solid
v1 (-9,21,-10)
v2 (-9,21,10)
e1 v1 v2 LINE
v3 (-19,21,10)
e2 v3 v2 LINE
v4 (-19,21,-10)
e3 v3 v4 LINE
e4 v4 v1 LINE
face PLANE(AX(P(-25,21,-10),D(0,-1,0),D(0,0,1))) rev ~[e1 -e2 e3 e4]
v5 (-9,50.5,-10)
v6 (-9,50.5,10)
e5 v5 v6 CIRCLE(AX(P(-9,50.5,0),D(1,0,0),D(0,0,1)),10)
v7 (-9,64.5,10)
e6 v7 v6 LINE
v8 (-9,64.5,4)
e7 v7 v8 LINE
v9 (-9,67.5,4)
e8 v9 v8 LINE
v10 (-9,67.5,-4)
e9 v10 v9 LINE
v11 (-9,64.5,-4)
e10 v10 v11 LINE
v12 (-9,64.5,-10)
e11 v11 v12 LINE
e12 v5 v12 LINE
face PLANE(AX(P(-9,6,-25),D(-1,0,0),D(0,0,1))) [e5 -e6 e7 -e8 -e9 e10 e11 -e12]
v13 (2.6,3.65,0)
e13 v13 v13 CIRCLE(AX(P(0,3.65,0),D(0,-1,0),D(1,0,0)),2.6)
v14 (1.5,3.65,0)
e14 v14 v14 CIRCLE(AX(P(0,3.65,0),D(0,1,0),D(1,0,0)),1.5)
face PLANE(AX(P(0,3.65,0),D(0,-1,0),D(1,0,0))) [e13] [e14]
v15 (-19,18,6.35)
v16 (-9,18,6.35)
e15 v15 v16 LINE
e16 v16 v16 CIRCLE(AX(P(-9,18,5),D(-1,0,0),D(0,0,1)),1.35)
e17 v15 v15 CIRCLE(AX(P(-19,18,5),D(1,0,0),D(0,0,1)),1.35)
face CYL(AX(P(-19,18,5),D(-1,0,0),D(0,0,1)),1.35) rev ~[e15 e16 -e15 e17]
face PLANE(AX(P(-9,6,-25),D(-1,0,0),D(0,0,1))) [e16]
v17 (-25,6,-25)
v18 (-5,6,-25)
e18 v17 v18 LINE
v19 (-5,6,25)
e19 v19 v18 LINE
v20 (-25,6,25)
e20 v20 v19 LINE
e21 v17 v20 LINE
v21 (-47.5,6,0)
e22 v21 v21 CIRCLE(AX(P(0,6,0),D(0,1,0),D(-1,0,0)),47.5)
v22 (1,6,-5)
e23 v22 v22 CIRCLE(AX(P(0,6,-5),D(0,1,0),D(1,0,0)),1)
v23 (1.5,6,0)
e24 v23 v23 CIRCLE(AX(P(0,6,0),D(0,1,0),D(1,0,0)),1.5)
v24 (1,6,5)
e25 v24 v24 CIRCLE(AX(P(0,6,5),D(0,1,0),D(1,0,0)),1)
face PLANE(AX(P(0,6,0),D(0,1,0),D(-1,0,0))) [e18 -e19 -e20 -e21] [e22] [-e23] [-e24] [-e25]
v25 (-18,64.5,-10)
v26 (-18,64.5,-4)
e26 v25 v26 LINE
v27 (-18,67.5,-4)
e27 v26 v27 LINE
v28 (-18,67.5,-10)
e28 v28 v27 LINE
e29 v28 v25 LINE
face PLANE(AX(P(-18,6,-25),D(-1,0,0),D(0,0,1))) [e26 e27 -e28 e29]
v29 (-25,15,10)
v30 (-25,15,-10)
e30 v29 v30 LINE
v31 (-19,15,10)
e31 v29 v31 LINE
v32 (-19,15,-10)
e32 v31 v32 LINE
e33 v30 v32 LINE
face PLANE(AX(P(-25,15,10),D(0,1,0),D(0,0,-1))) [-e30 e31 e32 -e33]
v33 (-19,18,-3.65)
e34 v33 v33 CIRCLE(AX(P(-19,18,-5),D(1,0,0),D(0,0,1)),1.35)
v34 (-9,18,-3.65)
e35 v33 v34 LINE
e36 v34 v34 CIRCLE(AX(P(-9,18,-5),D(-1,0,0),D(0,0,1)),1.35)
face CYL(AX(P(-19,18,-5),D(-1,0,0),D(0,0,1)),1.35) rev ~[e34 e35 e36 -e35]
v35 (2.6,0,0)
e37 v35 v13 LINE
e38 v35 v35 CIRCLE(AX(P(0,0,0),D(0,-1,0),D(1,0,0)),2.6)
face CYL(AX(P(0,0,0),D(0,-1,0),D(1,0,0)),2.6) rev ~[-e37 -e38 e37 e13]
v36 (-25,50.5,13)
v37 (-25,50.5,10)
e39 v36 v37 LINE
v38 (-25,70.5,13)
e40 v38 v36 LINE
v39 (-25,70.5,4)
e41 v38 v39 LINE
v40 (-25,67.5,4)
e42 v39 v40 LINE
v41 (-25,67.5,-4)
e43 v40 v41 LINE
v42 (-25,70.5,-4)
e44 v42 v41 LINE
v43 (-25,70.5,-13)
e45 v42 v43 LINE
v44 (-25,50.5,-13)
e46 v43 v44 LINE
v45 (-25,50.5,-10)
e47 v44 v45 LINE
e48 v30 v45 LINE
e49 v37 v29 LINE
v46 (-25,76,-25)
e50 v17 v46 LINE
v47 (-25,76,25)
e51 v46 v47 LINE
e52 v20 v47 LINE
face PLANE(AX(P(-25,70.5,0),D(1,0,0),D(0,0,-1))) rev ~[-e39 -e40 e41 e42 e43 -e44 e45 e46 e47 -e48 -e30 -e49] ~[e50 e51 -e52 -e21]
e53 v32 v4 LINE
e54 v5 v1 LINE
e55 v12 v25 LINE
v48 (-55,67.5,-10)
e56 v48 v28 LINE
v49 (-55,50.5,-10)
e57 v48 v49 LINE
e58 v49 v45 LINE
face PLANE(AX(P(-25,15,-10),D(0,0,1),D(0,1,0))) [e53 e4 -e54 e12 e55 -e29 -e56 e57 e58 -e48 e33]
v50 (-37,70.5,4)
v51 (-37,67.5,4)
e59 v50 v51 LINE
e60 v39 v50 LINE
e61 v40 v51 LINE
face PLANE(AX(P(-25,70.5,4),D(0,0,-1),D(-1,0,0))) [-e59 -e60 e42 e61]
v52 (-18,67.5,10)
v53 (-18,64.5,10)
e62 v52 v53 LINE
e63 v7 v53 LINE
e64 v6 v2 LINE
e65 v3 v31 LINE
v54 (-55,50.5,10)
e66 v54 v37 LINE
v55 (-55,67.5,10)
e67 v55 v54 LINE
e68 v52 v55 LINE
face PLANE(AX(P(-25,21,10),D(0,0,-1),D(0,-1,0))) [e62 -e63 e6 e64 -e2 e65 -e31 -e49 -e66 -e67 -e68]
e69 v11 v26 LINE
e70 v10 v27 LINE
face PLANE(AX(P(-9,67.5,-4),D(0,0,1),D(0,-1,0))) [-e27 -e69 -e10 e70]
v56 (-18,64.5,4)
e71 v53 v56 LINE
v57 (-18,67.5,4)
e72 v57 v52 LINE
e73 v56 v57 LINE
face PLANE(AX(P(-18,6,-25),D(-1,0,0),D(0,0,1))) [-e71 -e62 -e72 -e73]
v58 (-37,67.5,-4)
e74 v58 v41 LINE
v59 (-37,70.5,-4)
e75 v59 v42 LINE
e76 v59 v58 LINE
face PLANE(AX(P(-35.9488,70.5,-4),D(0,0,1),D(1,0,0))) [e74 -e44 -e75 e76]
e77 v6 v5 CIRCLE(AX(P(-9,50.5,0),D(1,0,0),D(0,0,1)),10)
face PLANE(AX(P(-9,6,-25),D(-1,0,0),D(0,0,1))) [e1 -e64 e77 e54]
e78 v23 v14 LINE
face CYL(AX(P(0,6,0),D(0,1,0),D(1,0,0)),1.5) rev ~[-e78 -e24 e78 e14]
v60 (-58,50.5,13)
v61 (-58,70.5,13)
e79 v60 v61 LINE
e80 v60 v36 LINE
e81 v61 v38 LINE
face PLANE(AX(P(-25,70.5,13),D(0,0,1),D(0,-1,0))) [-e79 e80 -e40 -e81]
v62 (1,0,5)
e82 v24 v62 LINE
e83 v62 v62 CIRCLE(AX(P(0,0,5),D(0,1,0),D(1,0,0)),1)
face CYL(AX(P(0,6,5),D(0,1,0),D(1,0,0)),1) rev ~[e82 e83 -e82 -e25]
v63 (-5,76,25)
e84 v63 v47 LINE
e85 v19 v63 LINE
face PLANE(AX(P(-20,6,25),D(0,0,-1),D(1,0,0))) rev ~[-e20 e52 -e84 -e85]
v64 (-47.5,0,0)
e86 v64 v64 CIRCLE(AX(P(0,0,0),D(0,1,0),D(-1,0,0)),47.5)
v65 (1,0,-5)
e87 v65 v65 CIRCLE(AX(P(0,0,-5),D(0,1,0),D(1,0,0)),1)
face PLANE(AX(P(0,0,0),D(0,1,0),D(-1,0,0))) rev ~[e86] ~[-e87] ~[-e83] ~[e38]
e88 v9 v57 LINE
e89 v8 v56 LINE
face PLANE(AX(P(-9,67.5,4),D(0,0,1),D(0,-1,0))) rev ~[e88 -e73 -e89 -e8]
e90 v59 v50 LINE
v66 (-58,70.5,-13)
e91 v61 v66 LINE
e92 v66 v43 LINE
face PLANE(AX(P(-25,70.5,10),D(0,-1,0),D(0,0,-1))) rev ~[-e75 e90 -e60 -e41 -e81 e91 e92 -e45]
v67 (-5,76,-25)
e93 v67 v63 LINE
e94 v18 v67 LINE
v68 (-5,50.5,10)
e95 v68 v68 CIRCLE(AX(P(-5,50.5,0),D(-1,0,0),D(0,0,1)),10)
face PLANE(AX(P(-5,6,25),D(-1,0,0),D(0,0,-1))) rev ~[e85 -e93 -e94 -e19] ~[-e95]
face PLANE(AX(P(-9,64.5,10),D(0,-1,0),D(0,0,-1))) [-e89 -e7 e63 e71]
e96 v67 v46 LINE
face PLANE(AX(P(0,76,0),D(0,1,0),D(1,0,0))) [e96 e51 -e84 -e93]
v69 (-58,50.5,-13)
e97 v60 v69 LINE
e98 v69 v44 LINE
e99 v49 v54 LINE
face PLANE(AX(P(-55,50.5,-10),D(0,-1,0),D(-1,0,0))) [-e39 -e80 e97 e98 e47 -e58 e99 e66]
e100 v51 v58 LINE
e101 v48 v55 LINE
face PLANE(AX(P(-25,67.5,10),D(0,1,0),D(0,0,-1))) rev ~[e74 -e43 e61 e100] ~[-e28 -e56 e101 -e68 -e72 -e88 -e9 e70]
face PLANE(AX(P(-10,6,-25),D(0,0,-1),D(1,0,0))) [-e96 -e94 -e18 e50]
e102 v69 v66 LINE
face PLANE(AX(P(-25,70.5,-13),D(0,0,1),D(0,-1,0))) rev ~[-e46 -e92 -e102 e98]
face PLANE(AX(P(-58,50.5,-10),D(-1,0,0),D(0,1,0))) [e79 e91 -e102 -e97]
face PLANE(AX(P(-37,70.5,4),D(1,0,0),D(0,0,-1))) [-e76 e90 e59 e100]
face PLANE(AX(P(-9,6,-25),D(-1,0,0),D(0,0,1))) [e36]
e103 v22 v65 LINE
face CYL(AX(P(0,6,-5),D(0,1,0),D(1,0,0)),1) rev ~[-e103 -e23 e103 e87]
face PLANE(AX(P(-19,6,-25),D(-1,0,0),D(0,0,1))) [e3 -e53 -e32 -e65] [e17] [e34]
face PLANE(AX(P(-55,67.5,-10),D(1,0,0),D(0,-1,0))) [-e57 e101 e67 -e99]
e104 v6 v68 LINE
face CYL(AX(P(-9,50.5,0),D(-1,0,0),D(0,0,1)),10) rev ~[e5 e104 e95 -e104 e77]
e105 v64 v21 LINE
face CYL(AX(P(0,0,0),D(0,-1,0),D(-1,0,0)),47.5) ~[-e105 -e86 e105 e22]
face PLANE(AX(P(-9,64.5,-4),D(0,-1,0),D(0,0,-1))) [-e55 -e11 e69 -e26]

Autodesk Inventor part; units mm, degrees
ref_plane "YZ Plane" through (0, 0, 0) normal (1, 0, 0) x (0, 1, 0)
ref_plane "XZ Plane" through (0, 0, 0) normal (0, 1, 0) x (-1, 0, 0)
ref_plane "XY Plane" through (0, 0, 0) normal (0, 0, 1) x (1, 0, 0)
sketch "Sketch1" plane through (0, 0, 0) normal (0, 1, 0) x (-1, 0, 0)
  circle A0 centre (0, 0) radius 47.5
  dimension "d0" = 95
extrude "Extrusion1" add sketch "Sketch1" along normal blind 6
sketch "Sketch2" plane through (0, 6, 0) normal (0, 1, 0) x (1, 0, 0)
  circle A0 centre (0, 0) radius 10
  circle A1 centre (0, 5) radius 1
  circle A2 centre (0, -5) radius 1
  dimension "d3" = 20
  dimension "d4" = 2
  dimension "d5" = 2
extrude "Extrusion2" cut sketch "Sketch2" against normal blind 23.4625 contours A1 | A2
sketch "Sketch4" plane through (0, 6, 0) normal (0, 1, 0) x (1, 0, 0)
  line L0 (0, 0) -> (-10, 0)
  line L1 (-10, 0) -> (-10, 25)
  line L2 (-10, 25) -> (0, 25)
  line L3 (0, 25) -> (0, 0)
  line L4 (0, 0) -> (-5, 0)
  line L5 (-5, 0) -> (-5, 25)
  line L6 (-5, 25) -> (0, 25)
  line L7 (0, 25) -> (0, 0)
  line L8 (-5, 25) -> (-20, 25)
  line L9 (-20, 25) -> (-20, -25)
  line L10 (-20, -25) -> (-5, -25)
  line L11 (-5, -25) -> (-5, 25)
  line L12 (-5, 25) -> (-25, 25)
  line L13 (-25, 25) -> (-25, -25)
  line L14 (-25, -25) -> (-5, -25)
  line L15 (-5, -25) -> (-5, 25)
  dimension "d9" = 10
  dimension "d10" = 25
  dimension "d11" = 15
  dimension "d12" = 50
  dimension "d13" = 20
extrude "Extrusion3" add sketch "Sketch4" along normal blind 70 contours L11 L10 L9 L8 L1 L0 | L0 L1 L2 L5 | L14 L13 L12 L9
sketch "Sketch5" plane through (-25, 6, -25) normal (-1, 0, 0) x (0, 0, 1)
  line L0 (0, 0) -> (0, 70) projected
  line L1 (50, 0) -> (50, 70) projected
  line L2 (0, 70) -> (50, 70)
  line L3 (50, 70) -> (50, 0)
  line L4 (50, 0) -> (0, 0)
  line L5 (0, 0) -> (0, 70)
  line L6 (50, 70) -> (0, 70) projected
  line L7 (72.5, 0) -> (-22.5, 0) projected
  line L8 (0, 70) -> (25, 70)
  line L9 (25, 70) -> (25, 0)
  line L10 (25, 0) -> (0, 0)
  line L11 (0, 0) -> (0, 70)
  line L12 (25, 35) -> (15, 35)
  line L13 (15, 35) -> (15, 15)
  line L14 (15, 15) -> (25, 15)
  line L15 (25, 15) -> (25, 35)
  line L16 (15, 35) -> (25, 35)
  line L17 (25, 35) -> (25, 55)
  line L18 (25, 55) -> (15, 55)
  line L19 (15, 55) -> (15, 35)
  line L20 (15, 15) -> (35, 15)
  line L21 (35, 15) -> (35, 55)
  line L22 (35, 55) -> (15, 55)
  line L23 (15, 55) -> (15, 15)
  line L24 (15, 15) -> (35, 15)
  line L25 (35, 15) -> (35, 55.5)
  line L26 (35, 55.5) -> (15, 55.5)
  line L27 (15, 55.5) -> (15, 15)
  point P0 (25, -6)
  dimension "d16" = 10
  dimension "d17" = 20
  dimension "d18" = 20
  dimension "d19" = 20
  dimension "d20" = 40.5
extrude "Extrusion4" cut sketch "Sketch5" against normal blind 16 contours L14 L13 L12 L9 | L9 L22 L21 L20 | L26 L25 L22 L9 | L9 L18 L27 L26 | L12 L19 L18 L9
sketch "Sketch6" plane through (-25, 6, -25) normal (-1, 0, 0) x (0, 0, 1)
  line L0 (35, 15) -> (15, 15) projected
  line L1 (15, 15) -> (35, 15)
  line L2 (35, 15) -> (35, 9)
  line L3 (35, 9) -> (15, 9)
  line L4 (15, 9) -> (15, 15)
  line L5 (15, 55.5) -> (35, 55.5) projected
  line L6 (15, 55.5) -> (35, 55.5)
  line L7 (35, 55.5) -> (35, 61.5)
  line L8 (35, 61.5) -> (15, 61.5)
  line L9 (15, 61.5) -> (15, 55.5)
  point P0 (25, -6)
  dimension "d23" = 6
  dimension "d24" = 6
extrude "Extrusion5" cut sketch "Sketch6" against normal blind 6
sketch "Sketch7" plane through (-19, 6, -25) normal (-1, 0, 0) x (0, 0, 1)
  line L0 (35, 9) -> (15, 9) projected
  line L1 (35, 61.5) -> (35, 9) projected
  line L2 (15, 9) -> (35, 9)
  line L3 (35, 9) -> (35, 11.6)
  line L4 (35, 11.6) -> (15, 11.6)
  line L5 (15, 11.6) -> (15, 9)
  line L6 (15, 55.5) -> (15, 61.5) projected
  line L7 (35, 61.5) -> (35, 55.5) projected
  line L8 (15, 61.5) -> (35, 61.5)
  line L9 (35, 61.5) -> (35, 58.5)
  line L10 (35, 58.5) -> (15, 58.5)
  line L11 (15, 58.5) -> (15, 61.5)
  line L12 (15, 9) -> (15, 61.5) projected
  line L13 (15, 9) -> (35, 9)
  line L14 (35, 9) -> (35, 12)
  line L15 (35, 12) -> (15, 12)
  line L16 (15, 12) -> (15, 9)
  line L17 (35, 15) -> (15, 15) projected
  line L18 (25, 15) -> (20, 15)
  line L19 (20, 15) -> (20, 12)
  line L20 (20, 12) -> (25, 12)
  line L21 (25, 12) -> (25, 15)
  line L22 (25, 15) -> (30, 15)
  line L23 (30, 15) -> (30, 12)
  line L24 (30, 12) -> (25, 12)
  line L25 (25, 12) -> (25, 15)
  line L26 (15, 61.5) -> (35, 61.5) projected
  line L27 (25, 58.5) -> (20, 58.5)
  line L28 (20, 58.5) -> (20, 61.5)
  line L29 (20, 61.5) -> (25, 61.5)
  line L30 (25, 61.5) -> (25, 58.5)
  line L31 (25, 58.5) -> (30, 58.5)
  line L32 (30, 58.5) -> (30, 61.5)
  line L33 (30, 61.5) -> (25, 61.5)
  line L34 (25, 61.5) -> (25, 58.5)
  circle A0 centre (20, 12) radius 1.35
  circle A1 centre (30, 12) radius 1.35
  circle A2 centre (20, 58.5) radius 1.35
  circle A3 centre (30, 58.5) radius 1.35
  point P0 (25, -6)
  dimension "d27" = 2.6
  dimension "d28" = 3
  dimension "d29" = 3
  dimension "d30" = 5
  dimension "d31" = 5
  dimension "d32" = 2.7
  dimension "d33" = 2.7
  dimension "d34" = 2.7
  dimension "d35" = 2.7
extrude "Extrusion6" cut sketch "Sketch7" against normal blind 10 contours A1 L4 | L4 A1 L15 | A0 L15 L4 | L4 A0 | L15 L23 A1 | A0 L19 L15 | L15 A1 L23 | L15 L19 A0 | A3 L10 | L10 L32 A3 | A2 L28 L10 | L10 A2 | L10 A3 L32 | L28 A2 L10
thread "Thread1" size "M3x0.5" class "6H" standard "ANSI Metric M Profile" full length
thread "Thread2" size "M3x0.5" class "6H" standard "ANSI Metric M Profile" full length
thread "Thread3" size "M3x0.5" class "6H" standard "ANSI Metric M Profile" full length
thread "Thread4" size "M3x0.5" class "6H" standard "ANSI Metric M Profile" full length
sketch "Sketch8" plane through (-9, 6, -25) normal (-1, 0, 0) x (0, 0, 1)
  line L0 (15, 9) -> (15, 61.5) projected
  line L1 (35, 55.5) -> (35, 15) projected
  line L2 (15, 61.5) -> (35, 61.5)
  line L3 (35, 61.5) -> (35, 44.5)
  line L4 (35, 44.5) -> (15, 44.5)
  line L5 (15, 44.5) -> (15, 61.5)
  circle A0 centre (25, 44.5) radius 10
  point P0 (25, -6)
  dimension "d46" = 17
  dimension "d47" = 20
extrude "Extrusion7" cut sketch "Sketch8" against normal blind 15.4 contours A0 L4 | L4 A0
sketch "Sketch9" plane through (0, 6, 0) normal (0, 1, 0) x (1, 0, 0)
  circle A0 centre (0, 0) radius 1.5
  dimension "d50" = 3
extrude "Extrusion8" cut sketch "Sketch9" against normal blind 15.4
sketch "Sketch10" plane through (0, 0, 0) normal (0, -1, 0) x (1, 0, 0)
  circle A0 centre (0, 0) radius 2.6
  dimension "d53" = 5.2
extrude "Extrusion9" cut sketch "Sketch10" against normal blind 3.65
sketch "Sketch11" plane through (-19, 6, -25) normal (-1, 0, 0) x (0, 0, 1)
  line L0 (15, 55.5) -> (15, 61.5) projected
  line L1 (35, 55.5) -> (35, 44.5) projected
  line L2 (15, 61.5) -> (35, 61.5)
  line L3 (35, 61.5) -> (35, 55.5)
  line L4 (35, 55.5) -> (15, 55.5)
  line L5 (15, 55.5) -> (15, 61.5)
  point P0 (25, -6)
extrude "Extrusion10" cut sketch "Sketch11" against normal blind 10
sketch "Sketch12" plane through (-9, 6, -25) normal (-1, 0, 0) x (0, 0, 1)
  line L0 (15, 61.5) -> (35, 61.5) projected
  line L1 (35, 61.5) -> (35, 9) projected
  line L2 (15, 61.5) -> (35, 61.5)
  line L3 (35, 61.5) -> (35, 58.5)
  line L4 (35, 58.5) -> (15, 58.5)
  line L5 (15, 58.5) -> (15, 61.5)
  line L6 (15, 61.5) -> (21, 61.5)
  line L7 (21, 61.5) -> (21, 58.5)
  line L8 (21, 58.5) -> (15, 58.5)
  line L9 (15, 58.5) -> (15, 61.5)
  line L10 (15, 61.5) -> (35, 61.5) projected
  line L11 (35, 61.5) -> (29, 61.5)
  line L12 (29, 61.5) -> (29, 58.5)
  line L13 (29, 58.5) -> (35, 58.5)
  line L14 (35, 58.5) -> (35, 61.5)
  point P0 (25, -6)
  dimension "d58" = 3
  dimension "d59" = 6
  dimension "d60" = 6
extrude "Extrusion11" add sketch "Sketch12" along normal blind 12 contours L0 L7 L4 L5 | L0 L1 L4 L12
sketch "Sketch13" plane through (-25, 6, -25) normal (-1, 0, 0) x (0, 0, 1)
  line L0 (15, 61.5) -> (35, 61.5)
  line L1 (35, 61.5) -> (35, 64.5)
  line L2 (35, 64.5) -> (15, 64.5)
  line L3 (15, 64.5) -> (15, 61.5)
  line L4 (15, 64.5) -> (12, 64.5)
  line L5 (12, 64.5) -> (12, 44.5)
  line L6 (12, 44.5) -> (15, 44.5)
  line L7 (15, 44.5) -> (15, 64.5)
  line L8 (35, 64.5) -> (38, 64.5)
  line L9 (38, 64.5) -> (38, 44.5)
  line L10 (38, 44.5) -> (35, 44.5)
  line L11 (35, 44.5) -> (35, 64.5)
  point P0 (25, -6)
  dimension "d63" = 20
  dimension "d64" = 3
  dimension "d65" = 3
  dimension "d66" = 20
  dimension "d67" = 3
extrude "Extrusion12" add sketch "Sketch13" along normal blind 30
sketch "Sketch16" plane through (-55, 6, -25) normal (-1, 0, 0) x (0, 0, 1)
  line L0 (12, 44.5) -> (15, 44.5) projected
  line L1 (38, 64.5) -> (12, 64.5) projected
  line L2 (12, 44.5) -> (15, 44.5)
  line L3 (15, 44.5) -> (15, 64.5)
  line L4 (15, 64.5) -> (12, 64.5)
  line L5 (12, 64.5) -> (12, 44.5)
  line L6 (38, 44.5) -> (38, 64.5) projected
  line L7 (12, 64.5) -> (38, 64.5)
  line L8 (38, 64.5) -> (38, 61.5)
  line L9 (38, 61.5) -> (12, 61.5)
  line L10 (12, 61.5) -> (12, 64.5)
  line L11 (35, 44.5) -> (38, 44.5) projected
  line L12 (38, 64.5) -> (35, 64.5)
  line L13 (35, 64.5) -> (35, 44.5)
  line L14 (35, 44.5) -> (38, 44.5)
  line L15 (38, 44.5) -> (38, 64.5)
  point P0 (25, -6)
  point P1 (15, 61.5)
  point P2 (35, 61.5)
  dimension "d70" = 3
  dimension "d71" = 3
extrude "Extrusion13" add sketch "Sketch16" along normal blind 3
sketch "Sketch17" plane through (-19, 21, -10) normal (0, 0, 1) x (1, 0, 0)
  line L0 (-39, 46.5) -> (-2, 46.5) projected
  line L1 (-6, 29.5) -> (-39, 29.5) projected
  line L2 (-39, 46.5) -> (-36, 46.5)
  line L3 (-36, 46.5) -> (-36, 29.5)
  line L4 (-36, 29.5) -> (-39, 29.5)
  line L5 (-39, 29.5) -> (-39, 46.5)
  point P0 (19, -21)
  dimension "d74" = 3
extrude "Extrusion14" add sketch "Sketch17" along normal blind 20
sketch "Sketch19" plane through (-25, 70.5, 13) normal (0, 1, 0) x (1, 0, 0)
  line L0 (0, 26) -> (-33, 26) projected
  line L1 (0, 26) -> (-10.9488, 26)
  line L2 (-10.9488, 26) -> (-10.9488, 13)
  line L3 (-10.9488, 13) -> (0, 13)
  line L4 (0, 13) -> (0, 26)
  line L5 (0, 13) -> (-12, 13)
  line L6 (-12, 13) -> (-12, 17)
  line L7 (-12, 17) -> (0, 17)
  line L8 (0, 17) -> (0, 13)
  line L9 (0, 26) -> (0, 0) projected
  line L10 (-12, 13) -> (0, 13)
  line L11 (0, 13) -> (0, 9)
  line L12 (0, 9) -> (-12, 9)
  line L13 (-12, 9) -> (-12, 13)
  point P0 (25, 13)
  dimension "d77" = 12
  dimension "d78" = 4
  dimension "d79" = 4
extrude "Extrusion15" cut sketch "Sketch19" against normal blind 4 contours L4 L3 L2 L7 | L2 L5 L6 L7 | L9 L12 L13 L5 L3
sketch "Sketch20" plane through (-21, 6, -25) normal (-1, 0, 0) x (0, 0, 1)
  line L0 (15, 58.5) -> (21, 58.5) projected
  line L1 (15, 61.5) -> (21, 61.5) projected
  line L2 (15, 58.5) -> (21, 58.5)
  line L3 (21, 58.5) -> (21, 61.5)
  line L4 (21, 61.5) -> (15, 61.5)
  line L5 (15, 61.5) -> (15, 58.5)
  line L6 (29, 61.5) -> (35, 61.5) projected
  line L7 (29, 61.5) -> (35, 61.5)
  line L8 (35, 61.5) -> (35, 58.5)
  line L9 (35, 58.5) -> (29, 58.5)
  line L10 (29, 58.5) -> (29, 61.5)
  point P0 (25, -6)
extrude "Extrusion16" cut sketch "Sketch20" against normal blind 3
properties part number "Base top w servo housing"
